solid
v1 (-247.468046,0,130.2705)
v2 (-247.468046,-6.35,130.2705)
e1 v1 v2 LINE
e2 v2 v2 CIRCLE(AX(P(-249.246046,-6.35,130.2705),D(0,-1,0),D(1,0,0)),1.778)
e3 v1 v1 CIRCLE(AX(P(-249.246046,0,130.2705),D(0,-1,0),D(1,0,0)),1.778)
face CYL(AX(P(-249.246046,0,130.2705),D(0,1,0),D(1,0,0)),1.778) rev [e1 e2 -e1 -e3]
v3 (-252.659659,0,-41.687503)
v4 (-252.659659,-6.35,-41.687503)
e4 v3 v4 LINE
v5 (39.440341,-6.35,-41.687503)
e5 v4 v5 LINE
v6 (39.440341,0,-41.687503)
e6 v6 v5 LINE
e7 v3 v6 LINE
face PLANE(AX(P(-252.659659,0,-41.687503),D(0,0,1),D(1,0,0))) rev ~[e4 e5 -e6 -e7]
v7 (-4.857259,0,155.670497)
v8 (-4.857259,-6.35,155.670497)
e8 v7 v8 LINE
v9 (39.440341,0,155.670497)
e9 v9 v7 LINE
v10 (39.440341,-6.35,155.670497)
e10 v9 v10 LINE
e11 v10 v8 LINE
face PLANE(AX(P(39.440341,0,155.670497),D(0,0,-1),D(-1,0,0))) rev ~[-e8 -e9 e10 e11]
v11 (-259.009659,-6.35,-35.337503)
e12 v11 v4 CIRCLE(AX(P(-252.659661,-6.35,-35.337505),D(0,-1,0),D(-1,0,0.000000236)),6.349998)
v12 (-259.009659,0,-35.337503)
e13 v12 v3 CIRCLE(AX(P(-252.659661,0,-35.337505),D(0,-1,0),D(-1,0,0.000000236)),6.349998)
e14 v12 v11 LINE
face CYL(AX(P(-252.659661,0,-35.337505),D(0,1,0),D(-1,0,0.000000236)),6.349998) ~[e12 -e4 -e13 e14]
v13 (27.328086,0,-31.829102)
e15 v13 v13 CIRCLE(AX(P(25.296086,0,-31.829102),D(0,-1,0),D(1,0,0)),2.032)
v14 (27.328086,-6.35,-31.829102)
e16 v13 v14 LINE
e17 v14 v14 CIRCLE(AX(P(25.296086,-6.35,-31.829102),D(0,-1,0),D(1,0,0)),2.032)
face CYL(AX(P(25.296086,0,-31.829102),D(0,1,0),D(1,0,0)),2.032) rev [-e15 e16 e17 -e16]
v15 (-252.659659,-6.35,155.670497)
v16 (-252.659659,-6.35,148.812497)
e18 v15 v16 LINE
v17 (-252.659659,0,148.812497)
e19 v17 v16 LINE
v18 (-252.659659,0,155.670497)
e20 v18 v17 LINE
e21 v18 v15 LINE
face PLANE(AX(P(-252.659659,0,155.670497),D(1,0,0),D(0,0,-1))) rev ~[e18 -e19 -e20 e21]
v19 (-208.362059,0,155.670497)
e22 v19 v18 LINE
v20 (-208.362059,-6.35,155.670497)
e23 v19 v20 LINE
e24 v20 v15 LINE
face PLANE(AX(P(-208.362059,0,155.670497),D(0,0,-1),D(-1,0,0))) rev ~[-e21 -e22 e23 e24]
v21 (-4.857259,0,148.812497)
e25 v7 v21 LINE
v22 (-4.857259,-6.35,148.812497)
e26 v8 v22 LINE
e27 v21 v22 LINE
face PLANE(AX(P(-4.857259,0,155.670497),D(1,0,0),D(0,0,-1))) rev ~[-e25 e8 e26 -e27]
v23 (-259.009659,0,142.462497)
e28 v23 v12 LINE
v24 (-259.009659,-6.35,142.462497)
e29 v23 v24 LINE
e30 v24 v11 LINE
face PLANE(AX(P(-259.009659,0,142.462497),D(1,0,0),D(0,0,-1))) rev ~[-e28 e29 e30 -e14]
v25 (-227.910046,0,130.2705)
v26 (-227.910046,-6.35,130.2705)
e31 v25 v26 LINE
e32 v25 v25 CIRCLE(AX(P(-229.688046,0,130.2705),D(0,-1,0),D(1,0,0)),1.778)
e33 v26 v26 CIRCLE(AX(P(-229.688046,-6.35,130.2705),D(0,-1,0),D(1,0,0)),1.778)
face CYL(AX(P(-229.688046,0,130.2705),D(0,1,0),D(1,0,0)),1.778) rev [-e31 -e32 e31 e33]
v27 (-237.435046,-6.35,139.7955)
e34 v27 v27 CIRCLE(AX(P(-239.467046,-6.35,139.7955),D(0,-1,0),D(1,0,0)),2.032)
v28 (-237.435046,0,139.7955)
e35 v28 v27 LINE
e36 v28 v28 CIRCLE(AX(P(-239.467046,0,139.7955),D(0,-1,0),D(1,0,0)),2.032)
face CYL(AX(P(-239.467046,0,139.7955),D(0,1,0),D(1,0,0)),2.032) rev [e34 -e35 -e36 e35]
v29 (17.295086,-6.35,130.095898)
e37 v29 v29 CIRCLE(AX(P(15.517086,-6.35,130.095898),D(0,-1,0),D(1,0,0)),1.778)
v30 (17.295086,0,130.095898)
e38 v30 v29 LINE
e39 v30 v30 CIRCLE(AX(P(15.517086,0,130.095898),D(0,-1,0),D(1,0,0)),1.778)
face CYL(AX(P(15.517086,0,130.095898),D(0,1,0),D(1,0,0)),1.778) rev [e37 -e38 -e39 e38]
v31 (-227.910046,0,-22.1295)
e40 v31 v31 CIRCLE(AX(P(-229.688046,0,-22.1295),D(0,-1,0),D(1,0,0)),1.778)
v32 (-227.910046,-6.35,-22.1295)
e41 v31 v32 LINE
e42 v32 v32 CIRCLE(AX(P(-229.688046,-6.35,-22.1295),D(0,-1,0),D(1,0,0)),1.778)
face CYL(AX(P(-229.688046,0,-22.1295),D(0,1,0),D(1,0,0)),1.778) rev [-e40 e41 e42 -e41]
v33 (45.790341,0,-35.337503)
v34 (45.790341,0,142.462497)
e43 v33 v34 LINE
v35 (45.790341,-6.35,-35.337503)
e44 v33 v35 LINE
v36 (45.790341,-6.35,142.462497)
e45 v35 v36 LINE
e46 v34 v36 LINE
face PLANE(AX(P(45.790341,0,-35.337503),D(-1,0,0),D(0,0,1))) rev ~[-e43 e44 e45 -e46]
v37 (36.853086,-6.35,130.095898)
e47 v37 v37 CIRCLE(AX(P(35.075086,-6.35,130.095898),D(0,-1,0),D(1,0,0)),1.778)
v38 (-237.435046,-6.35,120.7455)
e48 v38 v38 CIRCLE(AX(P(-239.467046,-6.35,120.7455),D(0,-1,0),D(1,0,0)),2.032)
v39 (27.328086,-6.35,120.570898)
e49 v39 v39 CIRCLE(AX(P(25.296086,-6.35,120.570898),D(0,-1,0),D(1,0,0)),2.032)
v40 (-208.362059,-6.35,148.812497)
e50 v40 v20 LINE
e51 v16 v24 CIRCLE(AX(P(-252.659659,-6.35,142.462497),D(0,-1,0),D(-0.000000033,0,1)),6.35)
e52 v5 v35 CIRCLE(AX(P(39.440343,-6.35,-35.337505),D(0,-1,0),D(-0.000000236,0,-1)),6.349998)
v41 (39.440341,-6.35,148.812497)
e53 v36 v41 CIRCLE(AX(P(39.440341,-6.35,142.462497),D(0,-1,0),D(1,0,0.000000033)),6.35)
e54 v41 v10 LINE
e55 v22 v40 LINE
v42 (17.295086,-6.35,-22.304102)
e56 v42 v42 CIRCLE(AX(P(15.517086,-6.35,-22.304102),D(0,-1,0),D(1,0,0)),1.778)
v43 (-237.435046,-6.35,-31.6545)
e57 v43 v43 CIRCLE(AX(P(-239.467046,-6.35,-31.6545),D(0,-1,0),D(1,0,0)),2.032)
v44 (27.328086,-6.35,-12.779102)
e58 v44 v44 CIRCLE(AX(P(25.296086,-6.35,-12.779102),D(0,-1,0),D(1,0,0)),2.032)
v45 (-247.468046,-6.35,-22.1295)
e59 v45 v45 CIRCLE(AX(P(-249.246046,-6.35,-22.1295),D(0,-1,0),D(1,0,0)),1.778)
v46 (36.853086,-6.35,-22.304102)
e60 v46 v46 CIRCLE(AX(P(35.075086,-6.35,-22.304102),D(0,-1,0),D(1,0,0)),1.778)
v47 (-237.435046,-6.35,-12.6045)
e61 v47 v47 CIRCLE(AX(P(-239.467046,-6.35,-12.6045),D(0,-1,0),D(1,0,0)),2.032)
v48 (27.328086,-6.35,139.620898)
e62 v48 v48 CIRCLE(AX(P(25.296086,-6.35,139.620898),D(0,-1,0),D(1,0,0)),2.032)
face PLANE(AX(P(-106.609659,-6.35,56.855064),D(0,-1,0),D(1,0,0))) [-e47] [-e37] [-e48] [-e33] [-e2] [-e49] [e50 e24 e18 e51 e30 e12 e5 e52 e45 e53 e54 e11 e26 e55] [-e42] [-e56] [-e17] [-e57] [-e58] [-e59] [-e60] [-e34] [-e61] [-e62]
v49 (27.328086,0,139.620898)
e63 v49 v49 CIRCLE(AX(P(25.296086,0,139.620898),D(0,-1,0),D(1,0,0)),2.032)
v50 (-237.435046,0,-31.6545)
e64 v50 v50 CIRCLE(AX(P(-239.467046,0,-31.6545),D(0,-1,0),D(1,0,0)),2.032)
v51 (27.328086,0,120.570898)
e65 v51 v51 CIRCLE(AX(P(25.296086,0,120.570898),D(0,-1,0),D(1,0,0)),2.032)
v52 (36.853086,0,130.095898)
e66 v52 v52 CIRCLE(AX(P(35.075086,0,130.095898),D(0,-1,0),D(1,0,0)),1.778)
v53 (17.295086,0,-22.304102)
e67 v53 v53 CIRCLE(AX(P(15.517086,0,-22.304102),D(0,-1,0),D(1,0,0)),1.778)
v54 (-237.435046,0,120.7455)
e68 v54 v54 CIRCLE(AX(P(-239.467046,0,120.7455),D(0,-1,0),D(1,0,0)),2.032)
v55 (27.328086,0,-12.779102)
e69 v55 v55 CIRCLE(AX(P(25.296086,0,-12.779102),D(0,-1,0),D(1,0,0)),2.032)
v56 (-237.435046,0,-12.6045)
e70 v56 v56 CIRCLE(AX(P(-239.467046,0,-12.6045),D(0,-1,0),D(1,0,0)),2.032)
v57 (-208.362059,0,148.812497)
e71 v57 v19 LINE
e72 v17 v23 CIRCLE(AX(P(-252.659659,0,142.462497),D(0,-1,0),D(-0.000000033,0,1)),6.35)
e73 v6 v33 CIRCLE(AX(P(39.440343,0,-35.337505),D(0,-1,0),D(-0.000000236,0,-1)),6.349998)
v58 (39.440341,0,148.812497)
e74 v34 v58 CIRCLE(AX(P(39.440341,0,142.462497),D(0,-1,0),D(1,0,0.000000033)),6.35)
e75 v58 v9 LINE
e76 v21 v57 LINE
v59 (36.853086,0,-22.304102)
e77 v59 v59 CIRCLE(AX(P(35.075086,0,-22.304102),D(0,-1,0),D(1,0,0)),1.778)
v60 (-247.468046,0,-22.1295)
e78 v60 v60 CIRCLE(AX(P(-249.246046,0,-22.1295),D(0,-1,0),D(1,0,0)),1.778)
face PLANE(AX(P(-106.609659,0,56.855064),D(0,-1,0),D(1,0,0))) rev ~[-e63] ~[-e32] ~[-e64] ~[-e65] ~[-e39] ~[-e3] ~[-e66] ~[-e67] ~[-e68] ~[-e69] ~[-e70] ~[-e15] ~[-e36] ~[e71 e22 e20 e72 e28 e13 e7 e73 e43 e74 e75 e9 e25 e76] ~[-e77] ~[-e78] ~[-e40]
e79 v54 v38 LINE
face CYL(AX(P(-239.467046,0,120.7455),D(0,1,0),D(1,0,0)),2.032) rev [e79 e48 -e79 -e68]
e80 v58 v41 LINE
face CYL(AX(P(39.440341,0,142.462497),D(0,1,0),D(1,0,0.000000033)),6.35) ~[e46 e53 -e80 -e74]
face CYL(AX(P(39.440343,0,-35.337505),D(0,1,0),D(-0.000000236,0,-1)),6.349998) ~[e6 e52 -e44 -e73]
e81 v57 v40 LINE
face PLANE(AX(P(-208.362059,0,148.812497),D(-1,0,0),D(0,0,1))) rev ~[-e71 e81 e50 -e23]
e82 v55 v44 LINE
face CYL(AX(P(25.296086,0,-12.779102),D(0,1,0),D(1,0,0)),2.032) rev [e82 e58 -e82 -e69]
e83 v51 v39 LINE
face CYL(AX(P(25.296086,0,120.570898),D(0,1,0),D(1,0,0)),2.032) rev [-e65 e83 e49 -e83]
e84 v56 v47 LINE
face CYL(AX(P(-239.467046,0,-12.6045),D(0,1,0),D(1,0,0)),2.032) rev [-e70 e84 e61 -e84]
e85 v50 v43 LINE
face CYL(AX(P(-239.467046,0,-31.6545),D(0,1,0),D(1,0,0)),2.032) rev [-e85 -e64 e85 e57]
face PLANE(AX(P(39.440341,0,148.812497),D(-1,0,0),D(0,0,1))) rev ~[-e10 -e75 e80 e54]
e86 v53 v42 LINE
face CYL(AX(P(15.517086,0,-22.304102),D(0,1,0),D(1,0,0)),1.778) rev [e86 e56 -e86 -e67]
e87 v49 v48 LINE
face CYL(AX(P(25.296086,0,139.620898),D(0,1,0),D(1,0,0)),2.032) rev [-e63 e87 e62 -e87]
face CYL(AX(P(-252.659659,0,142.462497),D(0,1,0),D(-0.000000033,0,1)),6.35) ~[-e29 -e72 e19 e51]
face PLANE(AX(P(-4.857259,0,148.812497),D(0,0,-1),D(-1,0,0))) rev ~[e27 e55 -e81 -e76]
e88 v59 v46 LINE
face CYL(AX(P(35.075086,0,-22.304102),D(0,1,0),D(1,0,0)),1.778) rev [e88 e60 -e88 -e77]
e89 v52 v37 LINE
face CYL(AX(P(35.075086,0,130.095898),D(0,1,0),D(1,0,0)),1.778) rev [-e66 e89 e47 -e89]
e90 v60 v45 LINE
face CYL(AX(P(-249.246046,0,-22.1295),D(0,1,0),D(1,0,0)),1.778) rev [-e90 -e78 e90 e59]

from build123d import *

# Parameters (mm, degrees)
F0_R     = 2.032
F0_R_2   = 1.778
F1_DEPTH = 6.35


with BuildPart() as f1:
    # F0 (on Front) → F1 (new body)
    with BuildSketch(Plane.XZ):
        with BuildLine():
            ThreePointArc((-259.009659, -35.337503), (-257.149787, -39.827632), (-252.659659, -41.687503))
            Line((-252.659659, -41.687503), (39.440341, -41.687503))
            ThreePointArc((39.440341, -41.687503), (43.930469, -39.827632), (45.790341, -35.337503))
            Line((45.790341, -35.337503), (45.790341, 142.462497))
            ThreePointArc((45.790341, 142.462497), (43.930469, 146.952625), (39.440341, 148.812497))
            Line((39.440341, 148.812497), (39.440341, 155.670497))
            Line((39.440341, 155.670497), (-4.857259, 155.670497))
            Line((-4.857259, 155.670497), (-4.857259, 148.812497))
            Line((-4.857259, 148.812497), (-208.362059, 148.812497))
            Line((-208.362059, 148.812497), (-208.362059, 155.670497))
            Line((-208.362059, 155.670497), (-252.659659, 155.670497))
            Line((-252.659659, 155.670497), (-252.659659, 148.812497))
            ThreePointArc((-252.659659, 148.812497), (-257.149787, 146.952625), (-259.009659, 142.462497))
            Line((-259.009659, 142.462497), (-259.009659, -35.337503))
        make_face()
        with Locations((-239.467046, -31.6545)):
            Circle(F0_R, mode=Mode.SUBTRACT)
        with Locations((-249.246046, -22.1295)):
            Circle(F0_R_2, mode=Mode.SUBTRACT)
        with Locations((-229.688046, -22.1295)):
            Circle(F0_R_2, mode=Mode.SUBTRACT)
        with Locations((-239.467046, -12.6045)):
            Circle(F0_R, mode=Mode.SUBTRACT)
        with Locations((25.296086, -31.829102)):
            Circle(F0_R, mode=Mode.SUBTRACT)
        with Locations((15.517086, -22.304102)):
            Circle(F0_R_2, mode=Mode.SUBTRACT)
        with Locations((35.075086, -22.304102)):
            Circle(F0_R_2, mode=Mode.SUBTRACT)
        with Locations((25.296086, -12.779102)):
            Circle(F0_R, mode=Mode.SUBTRACT)
        with Locations((-249.246046, 130.2705)):
            Circle(F0_R_2, mode=Mode.SUBTRACT)
        with Locations((-239.467046, 120.7455)):
            Circle(F0_R, mode=Mode.SUBTRACT)
        with Locations((-229.688046, 130.2705)):
            Circle(F0_R_2, mode=Mode.SUBTRACT)
        with Locations((-239.467046, 139.7955)):
            Circle(F0_R, mode=Mode.SUBTRACT)
        with Locations((25.296086, 120.570898)):
            Circle(F0_R, mode=Mode.SUBTRACT)
        with Locations((15.517086, 130.095898)):
            Circle(F0_R_2, mode=Mode.SUBTRACT)
        with Locations((35.075086, 130.095898)):
            Circle(F0_R_2, mode=Mode.SUBTRACT)
        with Locations((25.296086, 139.620898)):
            Circle(F0_R, mode=Mode.SUBTRACT)
    extrude(amount=F1_DEPTH)


solid = f1.part
